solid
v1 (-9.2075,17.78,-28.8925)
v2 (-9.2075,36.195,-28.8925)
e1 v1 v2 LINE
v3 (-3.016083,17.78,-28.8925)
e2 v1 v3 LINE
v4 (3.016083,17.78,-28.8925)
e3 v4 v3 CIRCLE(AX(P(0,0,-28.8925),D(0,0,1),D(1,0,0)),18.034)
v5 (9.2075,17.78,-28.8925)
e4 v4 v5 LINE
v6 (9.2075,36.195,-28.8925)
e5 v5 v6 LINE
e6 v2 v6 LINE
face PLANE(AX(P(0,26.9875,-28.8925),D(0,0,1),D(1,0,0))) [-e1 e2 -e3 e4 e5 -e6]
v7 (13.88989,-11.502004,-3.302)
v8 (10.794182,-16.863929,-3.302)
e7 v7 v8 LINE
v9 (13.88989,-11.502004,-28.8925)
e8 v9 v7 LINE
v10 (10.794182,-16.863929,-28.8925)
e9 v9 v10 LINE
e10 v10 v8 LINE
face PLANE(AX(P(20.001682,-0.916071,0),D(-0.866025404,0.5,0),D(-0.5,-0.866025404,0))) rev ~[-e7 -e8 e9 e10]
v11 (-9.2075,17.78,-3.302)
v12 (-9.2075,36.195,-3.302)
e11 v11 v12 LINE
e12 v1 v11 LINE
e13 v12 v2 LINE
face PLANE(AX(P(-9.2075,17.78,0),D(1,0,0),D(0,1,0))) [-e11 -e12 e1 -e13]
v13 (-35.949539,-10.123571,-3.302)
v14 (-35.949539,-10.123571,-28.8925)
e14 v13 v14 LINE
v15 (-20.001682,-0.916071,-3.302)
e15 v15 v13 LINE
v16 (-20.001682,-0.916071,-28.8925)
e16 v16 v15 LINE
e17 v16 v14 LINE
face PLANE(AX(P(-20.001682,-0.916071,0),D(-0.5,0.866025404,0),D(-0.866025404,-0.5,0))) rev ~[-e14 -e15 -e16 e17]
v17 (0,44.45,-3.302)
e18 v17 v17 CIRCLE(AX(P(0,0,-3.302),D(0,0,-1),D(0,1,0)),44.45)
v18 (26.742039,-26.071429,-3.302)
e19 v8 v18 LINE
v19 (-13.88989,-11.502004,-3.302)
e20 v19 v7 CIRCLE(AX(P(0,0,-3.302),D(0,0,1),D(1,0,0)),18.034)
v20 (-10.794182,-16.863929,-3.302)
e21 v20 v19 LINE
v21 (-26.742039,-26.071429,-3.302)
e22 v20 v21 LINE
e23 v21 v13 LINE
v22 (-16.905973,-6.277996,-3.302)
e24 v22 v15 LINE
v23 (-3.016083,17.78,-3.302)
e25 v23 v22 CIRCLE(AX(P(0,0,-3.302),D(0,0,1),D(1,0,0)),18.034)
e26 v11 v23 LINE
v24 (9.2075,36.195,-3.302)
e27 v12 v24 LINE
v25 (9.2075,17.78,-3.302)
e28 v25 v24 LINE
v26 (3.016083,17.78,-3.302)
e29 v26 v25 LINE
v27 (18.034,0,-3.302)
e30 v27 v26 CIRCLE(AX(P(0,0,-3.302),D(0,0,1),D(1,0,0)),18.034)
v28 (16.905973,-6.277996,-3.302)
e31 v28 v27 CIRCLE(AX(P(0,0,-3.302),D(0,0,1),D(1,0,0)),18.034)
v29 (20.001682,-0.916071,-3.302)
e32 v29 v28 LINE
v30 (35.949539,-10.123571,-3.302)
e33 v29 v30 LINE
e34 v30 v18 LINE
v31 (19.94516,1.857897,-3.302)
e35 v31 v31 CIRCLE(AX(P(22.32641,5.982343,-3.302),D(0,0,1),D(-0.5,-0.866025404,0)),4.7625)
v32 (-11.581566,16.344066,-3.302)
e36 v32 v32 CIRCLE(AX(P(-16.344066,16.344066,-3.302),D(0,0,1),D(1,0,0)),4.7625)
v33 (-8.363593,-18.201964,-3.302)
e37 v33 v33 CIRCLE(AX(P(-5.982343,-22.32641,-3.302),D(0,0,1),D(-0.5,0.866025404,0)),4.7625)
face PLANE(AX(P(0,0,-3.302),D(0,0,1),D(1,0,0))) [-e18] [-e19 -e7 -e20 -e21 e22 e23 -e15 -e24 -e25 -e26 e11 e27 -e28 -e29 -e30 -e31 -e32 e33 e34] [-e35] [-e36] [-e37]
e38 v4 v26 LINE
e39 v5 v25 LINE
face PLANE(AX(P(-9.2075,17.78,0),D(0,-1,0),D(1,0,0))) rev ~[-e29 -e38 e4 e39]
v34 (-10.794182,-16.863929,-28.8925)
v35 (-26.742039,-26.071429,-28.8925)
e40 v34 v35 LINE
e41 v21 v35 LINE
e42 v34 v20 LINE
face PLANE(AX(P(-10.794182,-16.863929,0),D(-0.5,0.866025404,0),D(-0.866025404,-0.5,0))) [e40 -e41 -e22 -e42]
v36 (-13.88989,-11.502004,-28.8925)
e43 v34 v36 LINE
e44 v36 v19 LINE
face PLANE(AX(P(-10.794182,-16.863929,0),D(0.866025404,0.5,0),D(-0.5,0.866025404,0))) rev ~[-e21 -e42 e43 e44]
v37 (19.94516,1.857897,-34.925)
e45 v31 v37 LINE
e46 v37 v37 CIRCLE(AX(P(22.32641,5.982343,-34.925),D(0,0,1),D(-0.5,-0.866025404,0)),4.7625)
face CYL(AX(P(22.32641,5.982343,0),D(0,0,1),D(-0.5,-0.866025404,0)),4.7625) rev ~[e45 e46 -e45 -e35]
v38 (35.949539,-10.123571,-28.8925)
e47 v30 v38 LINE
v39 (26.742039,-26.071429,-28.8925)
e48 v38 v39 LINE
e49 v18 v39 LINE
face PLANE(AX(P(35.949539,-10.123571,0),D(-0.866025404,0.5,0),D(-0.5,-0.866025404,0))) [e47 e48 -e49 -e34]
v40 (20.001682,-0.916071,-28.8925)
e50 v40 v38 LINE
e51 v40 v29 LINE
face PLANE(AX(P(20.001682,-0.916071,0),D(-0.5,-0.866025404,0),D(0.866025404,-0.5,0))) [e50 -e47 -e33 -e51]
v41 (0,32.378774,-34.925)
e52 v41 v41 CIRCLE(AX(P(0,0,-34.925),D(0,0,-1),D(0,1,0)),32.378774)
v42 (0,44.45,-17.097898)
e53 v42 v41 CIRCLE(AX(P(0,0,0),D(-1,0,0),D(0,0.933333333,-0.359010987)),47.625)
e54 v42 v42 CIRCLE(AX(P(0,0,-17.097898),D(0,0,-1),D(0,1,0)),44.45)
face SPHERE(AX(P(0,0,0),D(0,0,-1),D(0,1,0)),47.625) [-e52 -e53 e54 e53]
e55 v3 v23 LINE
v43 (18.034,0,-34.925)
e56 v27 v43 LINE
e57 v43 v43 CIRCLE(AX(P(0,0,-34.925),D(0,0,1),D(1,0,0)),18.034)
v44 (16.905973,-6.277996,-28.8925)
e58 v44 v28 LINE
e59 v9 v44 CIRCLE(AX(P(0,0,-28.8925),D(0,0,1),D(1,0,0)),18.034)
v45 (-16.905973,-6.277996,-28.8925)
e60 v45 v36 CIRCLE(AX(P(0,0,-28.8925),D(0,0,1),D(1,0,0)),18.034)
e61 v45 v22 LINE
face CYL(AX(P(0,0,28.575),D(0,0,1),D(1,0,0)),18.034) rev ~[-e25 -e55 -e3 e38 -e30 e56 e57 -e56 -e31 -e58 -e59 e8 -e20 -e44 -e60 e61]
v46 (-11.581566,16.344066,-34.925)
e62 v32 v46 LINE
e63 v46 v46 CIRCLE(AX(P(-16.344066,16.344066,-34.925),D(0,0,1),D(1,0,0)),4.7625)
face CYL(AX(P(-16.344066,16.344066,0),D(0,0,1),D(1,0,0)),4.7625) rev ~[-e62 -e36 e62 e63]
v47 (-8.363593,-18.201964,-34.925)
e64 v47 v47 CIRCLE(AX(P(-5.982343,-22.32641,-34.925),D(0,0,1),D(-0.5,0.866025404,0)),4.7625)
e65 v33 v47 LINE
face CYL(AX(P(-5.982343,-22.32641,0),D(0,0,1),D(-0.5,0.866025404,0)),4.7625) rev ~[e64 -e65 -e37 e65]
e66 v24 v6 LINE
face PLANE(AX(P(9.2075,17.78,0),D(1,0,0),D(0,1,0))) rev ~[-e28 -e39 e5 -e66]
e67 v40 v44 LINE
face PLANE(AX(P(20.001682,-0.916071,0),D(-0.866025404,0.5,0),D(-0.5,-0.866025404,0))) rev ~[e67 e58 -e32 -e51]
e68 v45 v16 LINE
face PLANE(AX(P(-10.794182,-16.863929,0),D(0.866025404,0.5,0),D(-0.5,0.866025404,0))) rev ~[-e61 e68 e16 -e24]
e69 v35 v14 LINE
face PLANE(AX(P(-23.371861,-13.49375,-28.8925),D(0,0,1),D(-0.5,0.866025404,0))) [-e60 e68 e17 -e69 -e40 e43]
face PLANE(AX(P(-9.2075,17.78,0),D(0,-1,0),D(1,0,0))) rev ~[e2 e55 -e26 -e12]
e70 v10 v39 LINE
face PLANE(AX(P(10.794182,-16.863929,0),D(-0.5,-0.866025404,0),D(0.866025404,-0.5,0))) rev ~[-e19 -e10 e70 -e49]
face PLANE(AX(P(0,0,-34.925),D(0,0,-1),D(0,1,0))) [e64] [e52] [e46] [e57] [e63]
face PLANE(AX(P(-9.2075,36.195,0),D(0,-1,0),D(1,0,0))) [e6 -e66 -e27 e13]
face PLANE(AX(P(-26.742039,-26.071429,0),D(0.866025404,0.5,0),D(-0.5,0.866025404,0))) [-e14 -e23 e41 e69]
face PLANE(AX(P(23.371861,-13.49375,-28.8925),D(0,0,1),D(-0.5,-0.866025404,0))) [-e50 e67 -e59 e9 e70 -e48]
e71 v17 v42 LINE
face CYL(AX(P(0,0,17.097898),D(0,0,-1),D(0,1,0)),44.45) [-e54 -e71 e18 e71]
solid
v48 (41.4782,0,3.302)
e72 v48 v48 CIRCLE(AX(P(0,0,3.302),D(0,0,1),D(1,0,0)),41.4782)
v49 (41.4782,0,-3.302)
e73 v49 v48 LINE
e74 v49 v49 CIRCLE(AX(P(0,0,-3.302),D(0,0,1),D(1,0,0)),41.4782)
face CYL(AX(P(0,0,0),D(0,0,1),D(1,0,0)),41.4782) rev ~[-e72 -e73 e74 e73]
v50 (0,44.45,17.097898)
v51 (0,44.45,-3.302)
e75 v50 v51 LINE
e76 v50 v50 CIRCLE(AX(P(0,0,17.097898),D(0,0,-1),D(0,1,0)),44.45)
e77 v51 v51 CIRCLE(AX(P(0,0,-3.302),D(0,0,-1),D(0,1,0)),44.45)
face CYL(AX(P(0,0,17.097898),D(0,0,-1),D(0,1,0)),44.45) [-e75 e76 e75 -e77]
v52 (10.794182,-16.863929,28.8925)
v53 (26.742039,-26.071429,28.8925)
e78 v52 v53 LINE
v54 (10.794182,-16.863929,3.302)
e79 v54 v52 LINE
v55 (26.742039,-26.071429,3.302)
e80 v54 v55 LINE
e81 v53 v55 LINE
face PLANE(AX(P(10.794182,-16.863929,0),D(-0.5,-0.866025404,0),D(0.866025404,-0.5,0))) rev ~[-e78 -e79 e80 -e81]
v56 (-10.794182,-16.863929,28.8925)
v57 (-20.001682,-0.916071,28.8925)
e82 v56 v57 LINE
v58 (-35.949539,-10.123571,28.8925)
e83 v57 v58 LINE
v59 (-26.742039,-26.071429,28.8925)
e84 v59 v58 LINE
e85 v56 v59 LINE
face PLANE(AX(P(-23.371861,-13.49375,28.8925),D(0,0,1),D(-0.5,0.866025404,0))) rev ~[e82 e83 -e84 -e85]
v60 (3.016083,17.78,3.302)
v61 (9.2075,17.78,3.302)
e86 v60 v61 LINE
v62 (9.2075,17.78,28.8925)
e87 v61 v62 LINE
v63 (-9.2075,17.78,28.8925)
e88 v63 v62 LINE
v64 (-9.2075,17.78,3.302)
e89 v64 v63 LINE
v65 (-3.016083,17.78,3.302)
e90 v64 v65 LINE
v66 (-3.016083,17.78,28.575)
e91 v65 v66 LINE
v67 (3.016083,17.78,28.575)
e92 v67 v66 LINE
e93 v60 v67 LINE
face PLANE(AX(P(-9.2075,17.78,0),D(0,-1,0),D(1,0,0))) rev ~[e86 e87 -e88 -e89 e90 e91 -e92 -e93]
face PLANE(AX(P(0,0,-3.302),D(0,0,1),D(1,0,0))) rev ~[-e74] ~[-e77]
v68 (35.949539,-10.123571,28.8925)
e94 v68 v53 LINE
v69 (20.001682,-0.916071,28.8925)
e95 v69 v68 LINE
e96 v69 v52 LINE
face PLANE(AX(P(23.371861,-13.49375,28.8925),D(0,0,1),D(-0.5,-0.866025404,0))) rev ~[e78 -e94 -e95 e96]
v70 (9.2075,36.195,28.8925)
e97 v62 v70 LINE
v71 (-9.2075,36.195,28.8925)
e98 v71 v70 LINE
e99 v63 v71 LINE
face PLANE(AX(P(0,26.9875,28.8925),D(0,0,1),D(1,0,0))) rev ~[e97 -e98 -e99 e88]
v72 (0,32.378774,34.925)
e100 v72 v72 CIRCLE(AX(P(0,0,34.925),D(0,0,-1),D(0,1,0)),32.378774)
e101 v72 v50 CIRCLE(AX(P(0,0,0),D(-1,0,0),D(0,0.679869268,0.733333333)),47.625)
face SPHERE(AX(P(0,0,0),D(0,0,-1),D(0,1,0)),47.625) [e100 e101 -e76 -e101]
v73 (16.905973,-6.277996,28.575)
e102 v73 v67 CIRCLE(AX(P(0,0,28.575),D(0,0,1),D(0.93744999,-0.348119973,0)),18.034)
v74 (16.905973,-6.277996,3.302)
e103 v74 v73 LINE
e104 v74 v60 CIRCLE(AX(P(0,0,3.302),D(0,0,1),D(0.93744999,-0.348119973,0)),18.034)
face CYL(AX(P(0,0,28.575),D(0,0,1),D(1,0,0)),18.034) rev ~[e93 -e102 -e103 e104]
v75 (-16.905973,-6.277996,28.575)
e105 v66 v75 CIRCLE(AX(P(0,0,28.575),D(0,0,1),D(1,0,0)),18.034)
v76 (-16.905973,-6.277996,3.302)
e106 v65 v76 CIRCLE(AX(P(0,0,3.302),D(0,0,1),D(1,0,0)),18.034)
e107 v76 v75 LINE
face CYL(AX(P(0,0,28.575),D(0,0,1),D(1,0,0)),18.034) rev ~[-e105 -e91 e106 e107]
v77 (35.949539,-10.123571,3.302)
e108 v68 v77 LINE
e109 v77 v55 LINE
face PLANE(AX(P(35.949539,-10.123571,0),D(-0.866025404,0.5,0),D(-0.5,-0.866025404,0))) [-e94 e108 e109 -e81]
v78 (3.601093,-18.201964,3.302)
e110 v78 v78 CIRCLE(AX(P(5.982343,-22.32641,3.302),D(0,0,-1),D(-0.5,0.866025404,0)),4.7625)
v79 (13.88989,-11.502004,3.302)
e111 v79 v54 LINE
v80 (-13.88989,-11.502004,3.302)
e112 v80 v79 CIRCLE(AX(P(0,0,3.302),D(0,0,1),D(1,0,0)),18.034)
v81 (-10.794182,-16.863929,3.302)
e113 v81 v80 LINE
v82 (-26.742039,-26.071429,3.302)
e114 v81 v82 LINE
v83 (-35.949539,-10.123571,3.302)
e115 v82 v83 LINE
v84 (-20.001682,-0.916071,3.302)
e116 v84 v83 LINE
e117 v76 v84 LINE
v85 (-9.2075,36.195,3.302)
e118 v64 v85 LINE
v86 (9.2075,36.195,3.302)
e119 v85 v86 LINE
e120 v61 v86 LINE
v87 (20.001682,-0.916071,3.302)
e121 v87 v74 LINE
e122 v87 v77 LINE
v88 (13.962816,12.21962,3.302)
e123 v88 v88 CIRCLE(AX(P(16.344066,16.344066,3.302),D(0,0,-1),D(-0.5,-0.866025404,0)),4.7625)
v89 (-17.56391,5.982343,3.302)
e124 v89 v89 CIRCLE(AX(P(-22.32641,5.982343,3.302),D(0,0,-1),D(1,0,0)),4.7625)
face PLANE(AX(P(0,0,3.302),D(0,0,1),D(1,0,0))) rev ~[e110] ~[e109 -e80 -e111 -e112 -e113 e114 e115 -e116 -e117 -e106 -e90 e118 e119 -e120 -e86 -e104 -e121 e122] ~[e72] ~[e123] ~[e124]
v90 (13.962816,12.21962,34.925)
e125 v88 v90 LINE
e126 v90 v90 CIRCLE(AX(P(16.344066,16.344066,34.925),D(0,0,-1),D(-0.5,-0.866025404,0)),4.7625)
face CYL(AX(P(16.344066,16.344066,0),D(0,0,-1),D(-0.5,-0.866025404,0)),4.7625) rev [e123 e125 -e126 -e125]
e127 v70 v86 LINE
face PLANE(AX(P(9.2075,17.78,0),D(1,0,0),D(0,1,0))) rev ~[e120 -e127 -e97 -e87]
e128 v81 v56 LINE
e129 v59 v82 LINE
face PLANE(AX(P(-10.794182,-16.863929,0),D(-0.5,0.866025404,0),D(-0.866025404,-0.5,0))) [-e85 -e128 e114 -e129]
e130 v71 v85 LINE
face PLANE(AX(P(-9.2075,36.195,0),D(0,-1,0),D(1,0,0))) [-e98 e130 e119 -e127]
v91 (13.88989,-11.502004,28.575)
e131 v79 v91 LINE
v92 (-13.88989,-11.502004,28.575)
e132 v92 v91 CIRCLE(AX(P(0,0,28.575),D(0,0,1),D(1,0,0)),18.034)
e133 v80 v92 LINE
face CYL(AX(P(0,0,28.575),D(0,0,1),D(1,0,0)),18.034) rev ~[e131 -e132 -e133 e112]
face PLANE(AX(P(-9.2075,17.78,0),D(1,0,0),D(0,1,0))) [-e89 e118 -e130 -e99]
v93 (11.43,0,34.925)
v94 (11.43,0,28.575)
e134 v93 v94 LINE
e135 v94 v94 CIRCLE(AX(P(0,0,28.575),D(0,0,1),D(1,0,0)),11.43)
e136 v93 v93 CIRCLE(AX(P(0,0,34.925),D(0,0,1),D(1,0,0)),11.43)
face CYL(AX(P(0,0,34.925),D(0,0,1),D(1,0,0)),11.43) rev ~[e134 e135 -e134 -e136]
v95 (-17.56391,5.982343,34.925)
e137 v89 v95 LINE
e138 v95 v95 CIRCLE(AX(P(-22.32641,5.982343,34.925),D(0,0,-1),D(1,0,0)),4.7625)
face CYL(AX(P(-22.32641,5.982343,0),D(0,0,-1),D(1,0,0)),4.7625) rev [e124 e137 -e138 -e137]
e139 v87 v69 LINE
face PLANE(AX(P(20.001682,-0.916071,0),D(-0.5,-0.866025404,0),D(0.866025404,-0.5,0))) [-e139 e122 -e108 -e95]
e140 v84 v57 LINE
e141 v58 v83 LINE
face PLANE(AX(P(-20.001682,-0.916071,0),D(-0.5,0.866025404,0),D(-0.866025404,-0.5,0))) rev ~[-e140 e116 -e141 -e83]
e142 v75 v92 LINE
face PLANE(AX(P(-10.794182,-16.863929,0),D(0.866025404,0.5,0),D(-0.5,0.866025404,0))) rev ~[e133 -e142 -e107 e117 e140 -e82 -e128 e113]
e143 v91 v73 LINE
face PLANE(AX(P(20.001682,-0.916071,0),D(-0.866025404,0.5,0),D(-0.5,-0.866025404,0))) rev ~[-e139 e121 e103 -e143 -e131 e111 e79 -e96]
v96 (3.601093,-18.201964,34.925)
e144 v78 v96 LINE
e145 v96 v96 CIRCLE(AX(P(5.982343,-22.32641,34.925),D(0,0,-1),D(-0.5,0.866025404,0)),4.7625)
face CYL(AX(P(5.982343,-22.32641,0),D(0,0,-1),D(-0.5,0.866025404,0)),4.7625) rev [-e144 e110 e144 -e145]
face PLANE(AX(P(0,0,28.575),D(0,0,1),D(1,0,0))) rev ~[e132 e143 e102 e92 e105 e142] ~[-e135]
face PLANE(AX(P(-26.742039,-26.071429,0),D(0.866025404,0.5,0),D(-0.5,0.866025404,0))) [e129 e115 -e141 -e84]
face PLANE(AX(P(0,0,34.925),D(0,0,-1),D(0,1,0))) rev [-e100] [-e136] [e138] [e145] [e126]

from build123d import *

# Parameters (mm, degrees)
SKETCH2_R          = 41.4782
CUT_EXTRUDE1_DEPTH = 3.302
SKETCH3_R          = 4.7625
CUT_EXTRUDE2_DEPTH = 35.925
SKETCH4_R          = 4.7625
CUT_EXTRUDE3_DEPTH = 35.925
SKETCH6_W          = 18.415
SKETCH6_H          = 18.415
CUT_EXTRUDE5_DEPTH = 28.8925
CIRPATTERN1_COUNT  = 3
CUT_EXTRUDE4_START = 28.575
SKETCH5_R          = 18.034
CUT_EXTRUDE4_DEPTH = 64.5
SKETCH7_R          = 11.43
CUT_EXTRUDE6_DEPTH = 70.85


with BuildPart() as part:
    # Sketch1 → Revolve2 (revolve)
    with BuildSketch(Plane(origin=(0, 0, 0), x_dir=(0, 0, -1), z_dir=(1, 0, 0))):
        with BuildLine():
            Line((-34.925, 0), (-34.925, 32.378773911))
            ThreePointArc((-34.925, 32.378773911), (-26.702511319, 39.43496563), (-17.097898263, 44.45))
            Line((-17.097898263, 44.45), (17.097898263, 44.45))
            ThreePointArc((17.097898263, 44.45), (26.702511319, 39.43496563), (34.925, 32.378773911))
            Line((34.925, 32.378773911), (34.925, 0))
            Line((34.925, 0), (0, 0))
            Line((0, 0), (-34.925, 0))
        make_face()
    revolve(axis=Axis((0, 0, 34.925), (0, 0, -1)))

    # Sketch2 → Cut-Extrude1 (cut, symmetric)
    with BuildSketch(Plane.XY):
        Circle(SKETCH2_R)
    extrude(amount=CUT_EXTRUDE1_DEPTH, both=True, mode=Mode.SUBTRACT)

    # Sketch3 → Cut-Extrude2 (cut, through all)
    with BuildSketch(Plane.XY):
        with Locations((-22.326409549, 5.982343408)):
            Circle(SKETCH3_R)
    cut_extrude2 = extrude(amount=CUT_EXTRUDE2_DEPTH, mode=Mode.SUBTRACT)

    # Sketch4 → Cut-Extrude3 (cut, through all)
    with BuildSketch(Plane.XY):
        with Locations((-16.34406614, 16.34406614)):
            Circle(SKETCH4_R)
    cut_extrude3 = extrude(amount=-CUT_EXTRUDE3_DEPTH, mode=Mode.SUBTRACT)

    # Sketch6 → Cut-Extrude5 (cut, symmetric)
    with BuildSketch(Plane.XY):
        with Locations((0, 26.9875)):
            Rectangle(SKETCH6_W, SKETCH6_H)
    cut_extrude5 = extrude(amount=CUT_EXTRUDE5_DEPTH, both=True, mode=Mode.SUBTRACT)

    # CirPattern1: Cut-Extrude2, Cut-Extrude3, Cut-Extrude5 ×3 about axis
    cirpattern1_axis = Axis((0, 0, 0), (0, 0, 1))
    for i in range(1, CIRPATTERN1_COUNT):
        add(cut_extrude2.rotate(cirpattern1_axis, i * 360 / CIRPATTERN1_COUNT), mode=Mode.SUBTRACT)
        add(cut_extrude3.rotate(cirpattern1_axis, i * 360 / CIRPATTERN1_COUNT), mode=Mode.SUBTRACT)
        add(cut_extrude5.rotate(cirpattern1_axis, i * 360 / CIRPATTERN1_COUNT), mode=Mode.SUBTRACT)

    # Sketch5 → Cut-Extrude4 (cut, through all)
    with BuildSketch(Plane.XY.offset(CUT_EXTRUDE4_START)):
        Circle(SKETCH5_R)
    extrude(amount=-CUT_EXTRUDE4_DEPTH, mode=Mode.SUBTRACT)

    # Sketch7 → Cut-Extrude6 (cut, through all)
    with BuildSketch(Plane.XY.offset(34.925)):
        Circle(SKETCH7_R)
    extrude(amount=-CUT_EXTRUDE6_DEPTH, mode=Mode.SUBTRACT)


with BuildPart() as body_2:
    # Split1: the piece on the far side of the plane
    add(part.part)
    split(bisect_by=Plane.XY.offset(-3.302), keep=Keep.BOTTOM)


with BuildPart() as part_1:
    add(part.part)

    # Split1
    split(bisect_by=Plane.XY.offset(-3.302), keep=Keep.TOP)


solid = Compound([body_2.part, part_1.part])
